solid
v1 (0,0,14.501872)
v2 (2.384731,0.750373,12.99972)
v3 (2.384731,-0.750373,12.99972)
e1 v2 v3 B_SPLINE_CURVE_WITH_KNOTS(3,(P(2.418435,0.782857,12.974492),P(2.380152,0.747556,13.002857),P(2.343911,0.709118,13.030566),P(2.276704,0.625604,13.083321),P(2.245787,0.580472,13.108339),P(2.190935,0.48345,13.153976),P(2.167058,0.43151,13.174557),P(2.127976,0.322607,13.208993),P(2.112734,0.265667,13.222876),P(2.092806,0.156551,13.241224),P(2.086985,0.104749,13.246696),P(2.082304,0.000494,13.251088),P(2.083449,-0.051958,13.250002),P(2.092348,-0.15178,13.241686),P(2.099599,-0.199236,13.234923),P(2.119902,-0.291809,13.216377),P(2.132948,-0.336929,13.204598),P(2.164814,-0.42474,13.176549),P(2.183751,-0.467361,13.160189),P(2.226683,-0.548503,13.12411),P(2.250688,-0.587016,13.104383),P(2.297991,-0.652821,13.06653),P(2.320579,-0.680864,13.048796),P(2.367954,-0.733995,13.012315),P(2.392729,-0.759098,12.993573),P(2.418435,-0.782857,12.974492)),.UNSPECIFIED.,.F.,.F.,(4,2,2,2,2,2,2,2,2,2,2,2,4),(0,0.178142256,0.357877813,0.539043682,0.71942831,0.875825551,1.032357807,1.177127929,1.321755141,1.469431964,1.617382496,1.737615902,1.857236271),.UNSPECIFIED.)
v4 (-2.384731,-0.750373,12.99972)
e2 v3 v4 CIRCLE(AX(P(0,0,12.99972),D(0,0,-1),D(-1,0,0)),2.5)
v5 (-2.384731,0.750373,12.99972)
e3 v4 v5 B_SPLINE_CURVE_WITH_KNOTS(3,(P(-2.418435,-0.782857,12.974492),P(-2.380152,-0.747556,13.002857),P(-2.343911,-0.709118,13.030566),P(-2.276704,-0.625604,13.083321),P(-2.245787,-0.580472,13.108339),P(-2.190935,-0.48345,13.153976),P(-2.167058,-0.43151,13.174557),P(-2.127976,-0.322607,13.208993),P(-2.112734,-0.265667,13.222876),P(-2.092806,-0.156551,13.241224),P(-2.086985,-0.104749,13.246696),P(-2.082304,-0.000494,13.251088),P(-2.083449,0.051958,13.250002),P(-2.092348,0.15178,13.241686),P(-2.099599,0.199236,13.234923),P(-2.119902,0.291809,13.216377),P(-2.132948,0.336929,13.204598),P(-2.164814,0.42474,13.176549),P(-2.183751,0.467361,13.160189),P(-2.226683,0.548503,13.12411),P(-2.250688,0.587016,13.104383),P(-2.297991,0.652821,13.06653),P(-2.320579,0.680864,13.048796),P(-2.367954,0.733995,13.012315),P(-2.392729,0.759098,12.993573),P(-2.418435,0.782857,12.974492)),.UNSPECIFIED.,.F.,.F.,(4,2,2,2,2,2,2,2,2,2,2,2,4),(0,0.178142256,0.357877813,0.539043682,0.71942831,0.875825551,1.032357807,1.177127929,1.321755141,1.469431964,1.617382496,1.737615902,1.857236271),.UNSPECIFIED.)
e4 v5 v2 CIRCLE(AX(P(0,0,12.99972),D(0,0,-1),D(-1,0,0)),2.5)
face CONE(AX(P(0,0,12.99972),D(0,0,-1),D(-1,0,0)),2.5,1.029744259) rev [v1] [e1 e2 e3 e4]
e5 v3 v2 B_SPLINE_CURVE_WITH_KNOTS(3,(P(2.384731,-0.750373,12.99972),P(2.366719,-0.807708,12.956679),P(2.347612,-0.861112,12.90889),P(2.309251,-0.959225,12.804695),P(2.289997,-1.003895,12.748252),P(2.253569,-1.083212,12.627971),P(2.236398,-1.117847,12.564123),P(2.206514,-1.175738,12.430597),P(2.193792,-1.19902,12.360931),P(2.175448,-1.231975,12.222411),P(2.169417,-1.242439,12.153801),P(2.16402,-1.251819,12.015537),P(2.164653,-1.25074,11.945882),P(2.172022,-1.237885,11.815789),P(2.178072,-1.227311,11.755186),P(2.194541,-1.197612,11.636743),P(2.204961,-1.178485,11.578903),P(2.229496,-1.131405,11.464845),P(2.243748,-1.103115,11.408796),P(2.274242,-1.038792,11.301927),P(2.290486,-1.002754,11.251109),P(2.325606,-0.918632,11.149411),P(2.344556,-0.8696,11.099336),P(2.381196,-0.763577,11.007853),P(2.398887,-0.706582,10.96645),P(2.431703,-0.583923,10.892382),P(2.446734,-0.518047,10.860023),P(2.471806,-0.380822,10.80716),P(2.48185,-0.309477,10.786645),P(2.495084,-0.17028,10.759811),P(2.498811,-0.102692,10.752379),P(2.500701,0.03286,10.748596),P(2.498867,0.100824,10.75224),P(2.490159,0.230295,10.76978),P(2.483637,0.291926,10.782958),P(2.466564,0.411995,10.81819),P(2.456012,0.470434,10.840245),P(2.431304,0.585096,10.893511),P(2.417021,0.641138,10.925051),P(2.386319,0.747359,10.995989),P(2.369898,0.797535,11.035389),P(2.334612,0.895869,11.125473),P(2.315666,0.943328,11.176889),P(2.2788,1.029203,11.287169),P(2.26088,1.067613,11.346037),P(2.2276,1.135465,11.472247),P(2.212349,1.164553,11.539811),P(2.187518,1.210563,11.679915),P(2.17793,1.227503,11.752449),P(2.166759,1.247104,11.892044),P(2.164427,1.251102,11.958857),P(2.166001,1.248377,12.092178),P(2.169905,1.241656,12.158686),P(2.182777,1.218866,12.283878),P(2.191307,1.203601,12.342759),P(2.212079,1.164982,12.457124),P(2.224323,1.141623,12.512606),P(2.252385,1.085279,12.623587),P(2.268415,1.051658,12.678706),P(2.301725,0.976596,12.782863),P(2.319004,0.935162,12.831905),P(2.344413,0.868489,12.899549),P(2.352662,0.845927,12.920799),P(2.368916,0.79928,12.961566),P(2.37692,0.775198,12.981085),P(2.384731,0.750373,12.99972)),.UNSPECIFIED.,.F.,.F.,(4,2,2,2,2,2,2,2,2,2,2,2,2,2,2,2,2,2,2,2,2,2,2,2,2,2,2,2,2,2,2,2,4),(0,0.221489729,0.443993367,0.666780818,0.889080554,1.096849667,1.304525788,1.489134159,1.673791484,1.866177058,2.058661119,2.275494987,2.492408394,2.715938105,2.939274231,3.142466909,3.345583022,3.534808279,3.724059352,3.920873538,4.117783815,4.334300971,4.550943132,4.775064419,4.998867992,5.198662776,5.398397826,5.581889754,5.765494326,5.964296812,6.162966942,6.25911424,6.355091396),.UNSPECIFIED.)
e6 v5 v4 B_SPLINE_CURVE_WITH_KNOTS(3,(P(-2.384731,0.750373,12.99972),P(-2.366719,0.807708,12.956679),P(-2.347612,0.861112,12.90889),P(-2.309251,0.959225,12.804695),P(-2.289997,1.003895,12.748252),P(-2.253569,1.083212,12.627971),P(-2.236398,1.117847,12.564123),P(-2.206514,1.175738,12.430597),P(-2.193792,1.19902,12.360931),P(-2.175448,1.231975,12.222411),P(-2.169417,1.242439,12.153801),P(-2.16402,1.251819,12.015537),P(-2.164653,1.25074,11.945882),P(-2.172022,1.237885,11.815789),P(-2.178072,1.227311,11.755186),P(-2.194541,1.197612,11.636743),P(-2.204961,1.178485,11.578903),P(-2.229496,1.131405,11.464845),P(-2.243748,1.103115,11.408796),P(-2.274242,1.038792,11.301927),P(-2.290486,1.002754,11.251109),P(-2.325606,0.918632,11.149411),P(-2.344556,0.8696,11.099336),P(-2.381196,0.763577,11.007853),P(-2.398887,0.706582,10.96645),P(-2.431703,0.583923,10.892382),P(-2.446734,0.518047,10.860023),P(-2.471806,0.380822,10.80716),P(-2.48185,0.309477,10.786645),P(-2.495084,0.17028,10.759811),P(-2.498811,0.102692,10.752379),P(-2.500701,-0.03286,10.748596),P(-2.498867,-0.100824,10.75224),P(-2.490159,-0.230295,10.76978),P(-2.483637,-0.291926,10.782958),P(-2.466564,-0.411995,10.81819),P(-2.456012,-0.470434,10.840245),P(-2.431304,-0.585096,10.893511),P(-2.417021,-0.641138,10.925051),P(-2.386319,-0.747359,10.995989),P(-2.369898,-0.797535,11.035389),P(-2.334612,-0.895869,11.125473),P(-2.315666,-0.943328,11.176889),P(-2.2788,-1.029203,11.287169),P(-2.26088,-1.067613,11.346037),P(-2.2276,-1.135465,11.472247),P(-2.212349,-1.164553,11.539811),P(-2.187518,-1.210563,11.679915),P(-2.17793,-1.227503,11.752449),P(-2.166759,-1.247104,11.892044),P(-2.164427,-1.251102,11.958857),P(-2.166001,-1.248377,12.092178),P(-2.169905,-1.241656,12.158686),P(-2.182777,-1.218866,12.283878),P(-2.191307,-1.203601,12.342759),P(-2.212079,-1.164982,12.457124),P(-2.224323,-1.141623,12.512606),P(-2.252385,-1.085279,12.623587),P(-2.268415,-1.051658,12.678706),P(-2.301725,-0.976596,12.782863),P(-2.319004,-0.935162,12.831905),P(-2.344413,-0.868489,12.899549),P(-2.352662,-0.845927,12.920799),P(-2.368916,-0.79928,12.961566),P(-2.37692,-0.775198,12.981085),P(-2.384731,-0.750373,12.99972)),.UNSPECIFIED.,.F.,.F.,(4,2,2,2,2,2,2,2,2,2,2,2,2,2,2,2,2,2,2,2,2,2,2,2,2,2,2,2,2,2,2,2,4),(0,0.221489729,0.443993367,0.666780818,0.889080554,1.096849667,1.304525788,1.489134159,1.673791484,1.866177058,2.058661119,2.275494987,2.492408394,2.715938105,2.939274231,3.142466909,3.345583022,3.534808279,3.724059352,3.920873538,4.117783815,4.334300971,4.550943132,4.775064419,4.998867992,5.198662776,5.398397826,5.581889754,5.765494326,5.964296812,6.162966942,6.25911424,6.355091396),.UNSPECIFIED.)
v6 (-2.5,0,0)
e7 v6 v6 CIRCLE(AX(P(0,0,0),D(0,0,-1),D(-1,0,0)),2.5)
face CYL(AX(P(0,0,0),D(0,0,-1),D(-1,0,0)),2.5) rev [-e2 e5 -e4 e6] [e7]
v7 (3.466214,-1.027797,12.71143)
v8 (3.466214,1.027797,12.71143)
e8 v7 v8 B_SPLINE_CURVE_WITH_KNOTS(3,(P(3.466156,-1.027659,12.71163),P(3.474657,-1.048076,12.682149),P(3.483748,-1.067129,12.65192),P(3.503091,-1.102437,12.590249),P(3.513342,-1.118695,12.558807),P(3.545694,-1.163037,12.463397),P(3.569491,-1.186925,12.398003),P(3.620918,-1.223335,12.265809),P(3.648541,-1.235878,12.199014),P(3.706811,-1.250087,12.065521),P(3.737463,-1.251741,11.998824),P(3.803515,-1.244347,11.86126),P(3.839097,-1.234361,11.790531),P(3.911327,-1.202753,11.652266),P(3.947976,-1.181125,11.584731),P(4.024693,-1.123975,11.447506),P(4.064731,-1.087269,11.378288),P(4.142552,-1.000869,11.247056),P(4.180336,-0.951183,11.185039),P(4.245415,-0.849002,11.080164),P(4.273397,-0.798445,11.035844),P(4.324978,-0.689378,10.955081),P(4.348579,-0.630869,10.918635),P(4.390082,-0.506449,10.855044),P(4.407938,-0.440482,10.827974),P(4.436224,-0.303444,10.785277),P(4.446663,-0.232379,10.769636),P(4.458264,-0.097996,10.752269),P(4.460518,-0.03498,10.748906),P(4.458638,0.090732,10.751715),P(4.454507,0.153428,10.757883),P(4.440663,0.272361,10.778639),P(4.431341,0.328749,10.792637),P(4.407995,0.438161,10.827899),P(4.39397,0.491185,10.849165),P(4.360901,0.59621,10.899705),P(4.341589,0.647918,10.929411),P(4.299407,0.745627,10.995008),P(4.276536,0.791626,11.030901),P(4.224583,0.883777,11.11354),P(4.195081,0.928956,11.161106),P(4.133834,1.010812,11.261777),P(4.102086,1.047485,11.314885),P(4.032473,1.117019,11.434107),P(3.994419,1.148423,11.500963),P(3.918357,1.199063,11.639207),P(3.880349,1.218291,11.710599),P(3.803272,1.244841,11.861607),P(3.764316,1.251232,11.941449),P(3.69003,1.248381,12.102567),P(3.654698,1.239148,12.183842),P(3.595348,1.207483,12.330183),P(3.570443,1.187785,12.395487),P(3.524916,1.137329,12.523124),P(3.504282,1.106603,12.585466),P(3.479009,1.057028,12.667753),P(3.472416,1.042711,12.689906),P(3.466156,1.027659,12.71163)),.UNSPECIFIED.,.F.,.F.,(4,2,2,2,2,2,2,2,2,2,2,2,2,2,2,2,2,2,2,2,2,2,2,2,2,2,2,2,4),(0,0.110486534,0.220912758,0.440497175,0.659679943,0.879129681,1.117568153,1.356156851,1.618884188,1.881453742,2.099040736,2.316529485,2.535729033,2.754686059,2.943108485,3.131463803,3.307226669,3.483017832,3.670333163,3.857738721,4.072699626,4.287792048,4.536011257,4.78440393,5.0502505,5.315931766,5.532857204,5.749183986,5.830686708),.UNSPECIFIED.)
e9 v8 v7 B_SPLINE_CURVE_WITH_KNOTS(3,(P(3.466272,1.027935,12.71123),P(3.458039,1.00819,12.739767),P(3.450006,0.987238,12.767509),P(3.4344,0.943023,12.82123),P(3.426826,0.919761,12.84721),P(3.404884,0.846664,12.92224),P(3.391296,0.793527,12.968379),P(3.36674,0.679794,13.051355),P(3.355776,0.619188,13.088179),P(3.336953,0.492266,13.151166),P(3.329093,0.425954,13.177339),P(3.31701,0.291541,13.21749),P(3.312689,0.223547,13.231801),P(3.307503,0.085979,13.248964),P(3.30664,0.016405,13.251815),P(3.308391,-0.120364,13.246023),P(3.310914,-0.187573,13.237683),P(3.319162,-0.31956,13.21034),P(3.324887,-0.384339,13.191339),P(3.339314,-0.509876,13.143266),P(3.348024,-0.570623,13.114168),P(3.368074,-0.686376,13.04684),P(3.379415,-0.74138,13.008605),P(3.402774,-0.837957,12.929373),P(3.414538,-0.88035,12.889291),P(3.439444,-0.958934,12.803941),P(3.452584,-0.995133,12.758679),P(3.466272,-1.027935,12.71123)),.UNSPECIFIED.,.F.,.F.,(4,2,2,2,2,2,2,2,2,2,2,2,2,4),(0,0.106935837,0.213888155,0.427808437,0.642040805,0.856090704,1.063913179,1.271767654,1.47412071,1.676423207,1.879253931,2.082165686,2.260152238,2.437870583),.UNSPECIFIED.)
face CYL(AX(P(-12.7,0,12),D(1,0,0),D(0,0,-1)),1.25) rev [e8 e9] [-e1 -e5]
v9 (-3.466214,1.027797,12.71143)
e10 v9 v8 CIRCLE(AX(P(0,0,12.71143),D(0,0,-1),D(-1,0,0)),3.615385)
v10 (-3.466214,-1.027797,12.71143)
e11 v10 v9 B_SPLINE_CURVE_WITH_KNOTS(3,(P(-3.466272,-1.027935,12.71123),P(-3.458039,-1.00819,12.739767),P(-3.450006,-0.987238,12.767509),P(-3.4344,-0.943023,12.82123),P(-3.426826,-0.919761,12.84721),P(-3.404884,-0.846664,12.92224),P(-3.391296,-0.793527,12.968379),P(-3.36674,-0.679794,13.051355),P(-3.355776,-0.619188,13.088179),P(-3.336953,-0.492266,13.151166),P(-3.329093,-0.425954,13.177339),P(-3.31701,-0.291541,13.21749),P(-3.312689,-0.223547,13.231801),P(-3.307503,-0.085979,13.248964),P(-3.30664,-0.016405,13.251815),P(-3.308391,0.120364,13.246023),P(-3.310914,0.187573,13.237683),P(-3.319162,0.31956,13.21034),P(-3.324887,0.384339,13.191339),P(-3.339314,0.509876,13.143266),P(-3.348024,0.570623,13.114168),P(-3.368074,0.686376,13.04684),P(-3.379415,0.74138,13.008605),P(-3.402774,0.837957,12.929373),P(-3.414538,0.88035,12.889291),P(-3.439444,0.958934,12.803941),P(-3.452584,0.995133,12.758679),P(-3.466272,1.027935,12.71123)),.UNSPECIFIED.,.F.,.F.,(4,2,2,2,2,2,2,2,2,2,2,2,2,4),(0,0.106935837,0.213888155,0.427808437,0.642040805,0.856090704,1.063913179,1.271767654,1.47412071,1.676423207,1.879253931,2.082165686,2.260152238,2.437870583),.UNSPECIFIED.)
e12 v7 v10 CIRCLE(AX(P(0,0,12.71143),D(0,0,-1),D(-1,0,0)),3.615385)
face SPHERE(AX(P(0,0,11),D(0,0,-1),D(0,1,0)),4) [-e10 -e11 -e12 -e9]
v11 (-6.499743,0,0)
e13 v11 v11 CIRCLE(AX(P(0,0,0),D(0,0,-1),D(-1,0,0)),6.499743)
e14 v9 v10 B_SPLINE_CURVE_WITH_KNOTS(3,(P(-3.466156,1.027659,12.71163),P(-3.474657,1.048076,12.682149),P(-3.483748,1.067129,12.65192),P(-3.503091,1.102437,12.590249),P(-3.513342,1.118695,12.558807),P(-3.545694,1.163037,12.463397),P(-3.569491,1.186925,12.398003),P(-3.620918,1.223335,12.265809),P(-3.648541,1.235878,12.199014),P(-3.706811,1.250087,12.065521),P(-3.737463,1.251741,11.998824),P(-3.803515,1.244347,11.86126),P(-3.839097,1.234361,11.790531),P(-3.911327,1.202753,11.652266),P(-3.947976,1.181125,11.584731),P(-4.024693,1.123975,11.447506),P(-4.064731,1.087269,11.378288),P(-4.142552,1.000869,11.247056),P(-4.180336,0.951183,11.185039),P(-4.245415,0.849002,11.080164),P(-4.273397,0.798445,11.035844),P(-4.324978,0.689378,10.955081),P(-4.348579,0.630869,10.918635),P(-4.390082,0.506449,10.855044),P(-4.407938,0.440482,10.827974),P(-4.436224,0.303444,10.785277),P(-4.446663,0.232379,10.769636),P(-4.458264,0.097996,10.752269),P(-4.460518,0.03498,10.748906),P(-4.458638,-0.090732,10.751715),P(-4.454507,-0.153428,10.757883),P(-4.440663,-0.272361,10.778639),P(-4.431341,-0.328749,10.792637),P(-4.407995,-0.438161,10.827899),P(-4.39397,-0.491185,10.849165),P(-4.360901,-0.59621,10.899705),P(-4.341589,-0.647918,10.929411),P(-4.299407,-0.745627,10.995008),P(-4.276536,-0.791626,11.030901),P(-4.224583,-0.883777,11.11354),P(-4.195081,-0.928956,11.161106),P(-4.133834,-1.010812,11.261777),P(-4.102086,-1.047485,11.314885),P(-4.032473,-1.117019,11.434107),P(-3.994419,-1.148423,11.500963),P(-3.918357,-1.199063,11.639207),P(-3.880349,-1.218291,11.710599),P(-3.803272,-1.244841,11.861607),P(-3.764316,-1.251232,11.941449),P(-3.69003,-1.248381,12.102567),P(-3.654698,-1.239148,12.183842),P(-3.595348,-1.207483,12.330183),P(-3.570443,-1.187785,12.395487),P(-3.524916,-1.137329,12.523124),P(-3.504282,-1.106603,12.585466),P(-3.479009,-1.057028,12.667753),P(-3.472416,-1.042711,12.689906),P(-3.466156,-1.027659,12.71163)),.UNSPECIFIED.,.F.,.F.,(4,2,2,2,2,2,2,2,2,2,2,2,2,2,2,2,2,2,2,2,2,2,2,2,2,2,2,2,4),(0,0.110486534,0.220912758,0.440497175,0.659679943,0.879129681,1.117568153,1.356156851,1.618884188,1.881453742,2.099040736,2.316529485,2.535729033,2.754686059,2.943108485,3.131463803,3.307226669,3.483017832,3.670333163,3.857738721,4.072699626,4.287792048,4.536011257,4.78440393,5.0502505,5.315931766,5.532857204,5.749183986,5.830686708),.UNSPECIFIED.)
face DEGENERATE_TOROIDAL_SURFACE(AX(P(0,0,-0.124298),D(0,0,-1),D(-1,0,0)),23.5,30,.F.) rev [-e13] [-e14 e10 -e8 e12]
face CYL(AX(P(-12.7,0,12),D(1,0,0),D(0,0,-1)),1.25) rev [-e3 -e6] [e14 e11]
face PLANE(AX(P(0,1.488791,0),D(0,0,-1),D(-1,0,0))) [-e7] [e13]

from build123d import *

# Parameters (mm, degrees)
M6X1_0_TAPPED_HOLE1_D     = 5
M6X1_0_TAPPED_HOLE1_DEPTH = 12.99972
M6X1_0_TAPPED_HOLE1_TIP   = 1.502151548
SKETCH4_R                 = 1.25
CUT_EXTRUDE1_DEPTH        = 12.7


with BuildPart() as part:
    # Sketch1 → Revolve1 (revolve)
    with BuildSketch(Plane(origin=(0, 0, 0), x_dir=(0, 0, -1), z_dir=(1, 0, 0)), mode=Mode.PRIVATE) as revolve1_sk:
        with BuildLine():
            Line((-15, 0), (0, 0))
            Line((0, 0), (0, 6.4997425))
            ThreePointArc((0, 6.4997425), (-6.51425993, 5.756273724), (-12.71143042, 3.615384615))
            ThreePointArc((-12.71143042, 3.615384615), (-14.379772306, 2.13942496), (-15, 0))
        make_face()
    revolve(revolve1_sk.sketch.rotate(Axis((0, 0, 0), (0, 0, 1)), 90), axis=Axis((0, 0, 0), (0, 0, 1)))

    # M6x1.0 Tapped Hole1
    with Locations(Plane(origin=(0, 0, 0), x_dir=(-1, 0, 0), z_dir=(0, 0, -1))):
        with Locations((0, 0)):
            Hole(M6X1_0_TAPPED_HOLE1_D / 2, depth=M6X1_0_TAPPED_HOLE1_DEPTH)
            with Locations((0, 0, -(M6X1_0_TAPPED_HOLE1_DEPTH + M6X1_0_TAPPED_HOLE1_TIP / 2))):  # 118° drill point
                Cone(0, M6X1_0_TAPPED_HOLE1_D / 2, M6X1_0_TAPPED_HOLE1_TIP, mode=Mode.SUBTRACT)

    # Sketch4 → Cut-Extrude1 (cut, symmetric)
    with BuildSketch(Plane(origin=(0, 0, 0), x_dir=(0, 0, -1), z_dir=(1, 0, 0))):
        with Locations(Location((-12, 0, 0), (0, 0, 290.171984379))):
            Circle(SKETCH4_R)
    extrude(amount=CUT_EXTRUDE1_DEPTH, both=True, mode=Mode.SUBTRACT)


solid = part.part
